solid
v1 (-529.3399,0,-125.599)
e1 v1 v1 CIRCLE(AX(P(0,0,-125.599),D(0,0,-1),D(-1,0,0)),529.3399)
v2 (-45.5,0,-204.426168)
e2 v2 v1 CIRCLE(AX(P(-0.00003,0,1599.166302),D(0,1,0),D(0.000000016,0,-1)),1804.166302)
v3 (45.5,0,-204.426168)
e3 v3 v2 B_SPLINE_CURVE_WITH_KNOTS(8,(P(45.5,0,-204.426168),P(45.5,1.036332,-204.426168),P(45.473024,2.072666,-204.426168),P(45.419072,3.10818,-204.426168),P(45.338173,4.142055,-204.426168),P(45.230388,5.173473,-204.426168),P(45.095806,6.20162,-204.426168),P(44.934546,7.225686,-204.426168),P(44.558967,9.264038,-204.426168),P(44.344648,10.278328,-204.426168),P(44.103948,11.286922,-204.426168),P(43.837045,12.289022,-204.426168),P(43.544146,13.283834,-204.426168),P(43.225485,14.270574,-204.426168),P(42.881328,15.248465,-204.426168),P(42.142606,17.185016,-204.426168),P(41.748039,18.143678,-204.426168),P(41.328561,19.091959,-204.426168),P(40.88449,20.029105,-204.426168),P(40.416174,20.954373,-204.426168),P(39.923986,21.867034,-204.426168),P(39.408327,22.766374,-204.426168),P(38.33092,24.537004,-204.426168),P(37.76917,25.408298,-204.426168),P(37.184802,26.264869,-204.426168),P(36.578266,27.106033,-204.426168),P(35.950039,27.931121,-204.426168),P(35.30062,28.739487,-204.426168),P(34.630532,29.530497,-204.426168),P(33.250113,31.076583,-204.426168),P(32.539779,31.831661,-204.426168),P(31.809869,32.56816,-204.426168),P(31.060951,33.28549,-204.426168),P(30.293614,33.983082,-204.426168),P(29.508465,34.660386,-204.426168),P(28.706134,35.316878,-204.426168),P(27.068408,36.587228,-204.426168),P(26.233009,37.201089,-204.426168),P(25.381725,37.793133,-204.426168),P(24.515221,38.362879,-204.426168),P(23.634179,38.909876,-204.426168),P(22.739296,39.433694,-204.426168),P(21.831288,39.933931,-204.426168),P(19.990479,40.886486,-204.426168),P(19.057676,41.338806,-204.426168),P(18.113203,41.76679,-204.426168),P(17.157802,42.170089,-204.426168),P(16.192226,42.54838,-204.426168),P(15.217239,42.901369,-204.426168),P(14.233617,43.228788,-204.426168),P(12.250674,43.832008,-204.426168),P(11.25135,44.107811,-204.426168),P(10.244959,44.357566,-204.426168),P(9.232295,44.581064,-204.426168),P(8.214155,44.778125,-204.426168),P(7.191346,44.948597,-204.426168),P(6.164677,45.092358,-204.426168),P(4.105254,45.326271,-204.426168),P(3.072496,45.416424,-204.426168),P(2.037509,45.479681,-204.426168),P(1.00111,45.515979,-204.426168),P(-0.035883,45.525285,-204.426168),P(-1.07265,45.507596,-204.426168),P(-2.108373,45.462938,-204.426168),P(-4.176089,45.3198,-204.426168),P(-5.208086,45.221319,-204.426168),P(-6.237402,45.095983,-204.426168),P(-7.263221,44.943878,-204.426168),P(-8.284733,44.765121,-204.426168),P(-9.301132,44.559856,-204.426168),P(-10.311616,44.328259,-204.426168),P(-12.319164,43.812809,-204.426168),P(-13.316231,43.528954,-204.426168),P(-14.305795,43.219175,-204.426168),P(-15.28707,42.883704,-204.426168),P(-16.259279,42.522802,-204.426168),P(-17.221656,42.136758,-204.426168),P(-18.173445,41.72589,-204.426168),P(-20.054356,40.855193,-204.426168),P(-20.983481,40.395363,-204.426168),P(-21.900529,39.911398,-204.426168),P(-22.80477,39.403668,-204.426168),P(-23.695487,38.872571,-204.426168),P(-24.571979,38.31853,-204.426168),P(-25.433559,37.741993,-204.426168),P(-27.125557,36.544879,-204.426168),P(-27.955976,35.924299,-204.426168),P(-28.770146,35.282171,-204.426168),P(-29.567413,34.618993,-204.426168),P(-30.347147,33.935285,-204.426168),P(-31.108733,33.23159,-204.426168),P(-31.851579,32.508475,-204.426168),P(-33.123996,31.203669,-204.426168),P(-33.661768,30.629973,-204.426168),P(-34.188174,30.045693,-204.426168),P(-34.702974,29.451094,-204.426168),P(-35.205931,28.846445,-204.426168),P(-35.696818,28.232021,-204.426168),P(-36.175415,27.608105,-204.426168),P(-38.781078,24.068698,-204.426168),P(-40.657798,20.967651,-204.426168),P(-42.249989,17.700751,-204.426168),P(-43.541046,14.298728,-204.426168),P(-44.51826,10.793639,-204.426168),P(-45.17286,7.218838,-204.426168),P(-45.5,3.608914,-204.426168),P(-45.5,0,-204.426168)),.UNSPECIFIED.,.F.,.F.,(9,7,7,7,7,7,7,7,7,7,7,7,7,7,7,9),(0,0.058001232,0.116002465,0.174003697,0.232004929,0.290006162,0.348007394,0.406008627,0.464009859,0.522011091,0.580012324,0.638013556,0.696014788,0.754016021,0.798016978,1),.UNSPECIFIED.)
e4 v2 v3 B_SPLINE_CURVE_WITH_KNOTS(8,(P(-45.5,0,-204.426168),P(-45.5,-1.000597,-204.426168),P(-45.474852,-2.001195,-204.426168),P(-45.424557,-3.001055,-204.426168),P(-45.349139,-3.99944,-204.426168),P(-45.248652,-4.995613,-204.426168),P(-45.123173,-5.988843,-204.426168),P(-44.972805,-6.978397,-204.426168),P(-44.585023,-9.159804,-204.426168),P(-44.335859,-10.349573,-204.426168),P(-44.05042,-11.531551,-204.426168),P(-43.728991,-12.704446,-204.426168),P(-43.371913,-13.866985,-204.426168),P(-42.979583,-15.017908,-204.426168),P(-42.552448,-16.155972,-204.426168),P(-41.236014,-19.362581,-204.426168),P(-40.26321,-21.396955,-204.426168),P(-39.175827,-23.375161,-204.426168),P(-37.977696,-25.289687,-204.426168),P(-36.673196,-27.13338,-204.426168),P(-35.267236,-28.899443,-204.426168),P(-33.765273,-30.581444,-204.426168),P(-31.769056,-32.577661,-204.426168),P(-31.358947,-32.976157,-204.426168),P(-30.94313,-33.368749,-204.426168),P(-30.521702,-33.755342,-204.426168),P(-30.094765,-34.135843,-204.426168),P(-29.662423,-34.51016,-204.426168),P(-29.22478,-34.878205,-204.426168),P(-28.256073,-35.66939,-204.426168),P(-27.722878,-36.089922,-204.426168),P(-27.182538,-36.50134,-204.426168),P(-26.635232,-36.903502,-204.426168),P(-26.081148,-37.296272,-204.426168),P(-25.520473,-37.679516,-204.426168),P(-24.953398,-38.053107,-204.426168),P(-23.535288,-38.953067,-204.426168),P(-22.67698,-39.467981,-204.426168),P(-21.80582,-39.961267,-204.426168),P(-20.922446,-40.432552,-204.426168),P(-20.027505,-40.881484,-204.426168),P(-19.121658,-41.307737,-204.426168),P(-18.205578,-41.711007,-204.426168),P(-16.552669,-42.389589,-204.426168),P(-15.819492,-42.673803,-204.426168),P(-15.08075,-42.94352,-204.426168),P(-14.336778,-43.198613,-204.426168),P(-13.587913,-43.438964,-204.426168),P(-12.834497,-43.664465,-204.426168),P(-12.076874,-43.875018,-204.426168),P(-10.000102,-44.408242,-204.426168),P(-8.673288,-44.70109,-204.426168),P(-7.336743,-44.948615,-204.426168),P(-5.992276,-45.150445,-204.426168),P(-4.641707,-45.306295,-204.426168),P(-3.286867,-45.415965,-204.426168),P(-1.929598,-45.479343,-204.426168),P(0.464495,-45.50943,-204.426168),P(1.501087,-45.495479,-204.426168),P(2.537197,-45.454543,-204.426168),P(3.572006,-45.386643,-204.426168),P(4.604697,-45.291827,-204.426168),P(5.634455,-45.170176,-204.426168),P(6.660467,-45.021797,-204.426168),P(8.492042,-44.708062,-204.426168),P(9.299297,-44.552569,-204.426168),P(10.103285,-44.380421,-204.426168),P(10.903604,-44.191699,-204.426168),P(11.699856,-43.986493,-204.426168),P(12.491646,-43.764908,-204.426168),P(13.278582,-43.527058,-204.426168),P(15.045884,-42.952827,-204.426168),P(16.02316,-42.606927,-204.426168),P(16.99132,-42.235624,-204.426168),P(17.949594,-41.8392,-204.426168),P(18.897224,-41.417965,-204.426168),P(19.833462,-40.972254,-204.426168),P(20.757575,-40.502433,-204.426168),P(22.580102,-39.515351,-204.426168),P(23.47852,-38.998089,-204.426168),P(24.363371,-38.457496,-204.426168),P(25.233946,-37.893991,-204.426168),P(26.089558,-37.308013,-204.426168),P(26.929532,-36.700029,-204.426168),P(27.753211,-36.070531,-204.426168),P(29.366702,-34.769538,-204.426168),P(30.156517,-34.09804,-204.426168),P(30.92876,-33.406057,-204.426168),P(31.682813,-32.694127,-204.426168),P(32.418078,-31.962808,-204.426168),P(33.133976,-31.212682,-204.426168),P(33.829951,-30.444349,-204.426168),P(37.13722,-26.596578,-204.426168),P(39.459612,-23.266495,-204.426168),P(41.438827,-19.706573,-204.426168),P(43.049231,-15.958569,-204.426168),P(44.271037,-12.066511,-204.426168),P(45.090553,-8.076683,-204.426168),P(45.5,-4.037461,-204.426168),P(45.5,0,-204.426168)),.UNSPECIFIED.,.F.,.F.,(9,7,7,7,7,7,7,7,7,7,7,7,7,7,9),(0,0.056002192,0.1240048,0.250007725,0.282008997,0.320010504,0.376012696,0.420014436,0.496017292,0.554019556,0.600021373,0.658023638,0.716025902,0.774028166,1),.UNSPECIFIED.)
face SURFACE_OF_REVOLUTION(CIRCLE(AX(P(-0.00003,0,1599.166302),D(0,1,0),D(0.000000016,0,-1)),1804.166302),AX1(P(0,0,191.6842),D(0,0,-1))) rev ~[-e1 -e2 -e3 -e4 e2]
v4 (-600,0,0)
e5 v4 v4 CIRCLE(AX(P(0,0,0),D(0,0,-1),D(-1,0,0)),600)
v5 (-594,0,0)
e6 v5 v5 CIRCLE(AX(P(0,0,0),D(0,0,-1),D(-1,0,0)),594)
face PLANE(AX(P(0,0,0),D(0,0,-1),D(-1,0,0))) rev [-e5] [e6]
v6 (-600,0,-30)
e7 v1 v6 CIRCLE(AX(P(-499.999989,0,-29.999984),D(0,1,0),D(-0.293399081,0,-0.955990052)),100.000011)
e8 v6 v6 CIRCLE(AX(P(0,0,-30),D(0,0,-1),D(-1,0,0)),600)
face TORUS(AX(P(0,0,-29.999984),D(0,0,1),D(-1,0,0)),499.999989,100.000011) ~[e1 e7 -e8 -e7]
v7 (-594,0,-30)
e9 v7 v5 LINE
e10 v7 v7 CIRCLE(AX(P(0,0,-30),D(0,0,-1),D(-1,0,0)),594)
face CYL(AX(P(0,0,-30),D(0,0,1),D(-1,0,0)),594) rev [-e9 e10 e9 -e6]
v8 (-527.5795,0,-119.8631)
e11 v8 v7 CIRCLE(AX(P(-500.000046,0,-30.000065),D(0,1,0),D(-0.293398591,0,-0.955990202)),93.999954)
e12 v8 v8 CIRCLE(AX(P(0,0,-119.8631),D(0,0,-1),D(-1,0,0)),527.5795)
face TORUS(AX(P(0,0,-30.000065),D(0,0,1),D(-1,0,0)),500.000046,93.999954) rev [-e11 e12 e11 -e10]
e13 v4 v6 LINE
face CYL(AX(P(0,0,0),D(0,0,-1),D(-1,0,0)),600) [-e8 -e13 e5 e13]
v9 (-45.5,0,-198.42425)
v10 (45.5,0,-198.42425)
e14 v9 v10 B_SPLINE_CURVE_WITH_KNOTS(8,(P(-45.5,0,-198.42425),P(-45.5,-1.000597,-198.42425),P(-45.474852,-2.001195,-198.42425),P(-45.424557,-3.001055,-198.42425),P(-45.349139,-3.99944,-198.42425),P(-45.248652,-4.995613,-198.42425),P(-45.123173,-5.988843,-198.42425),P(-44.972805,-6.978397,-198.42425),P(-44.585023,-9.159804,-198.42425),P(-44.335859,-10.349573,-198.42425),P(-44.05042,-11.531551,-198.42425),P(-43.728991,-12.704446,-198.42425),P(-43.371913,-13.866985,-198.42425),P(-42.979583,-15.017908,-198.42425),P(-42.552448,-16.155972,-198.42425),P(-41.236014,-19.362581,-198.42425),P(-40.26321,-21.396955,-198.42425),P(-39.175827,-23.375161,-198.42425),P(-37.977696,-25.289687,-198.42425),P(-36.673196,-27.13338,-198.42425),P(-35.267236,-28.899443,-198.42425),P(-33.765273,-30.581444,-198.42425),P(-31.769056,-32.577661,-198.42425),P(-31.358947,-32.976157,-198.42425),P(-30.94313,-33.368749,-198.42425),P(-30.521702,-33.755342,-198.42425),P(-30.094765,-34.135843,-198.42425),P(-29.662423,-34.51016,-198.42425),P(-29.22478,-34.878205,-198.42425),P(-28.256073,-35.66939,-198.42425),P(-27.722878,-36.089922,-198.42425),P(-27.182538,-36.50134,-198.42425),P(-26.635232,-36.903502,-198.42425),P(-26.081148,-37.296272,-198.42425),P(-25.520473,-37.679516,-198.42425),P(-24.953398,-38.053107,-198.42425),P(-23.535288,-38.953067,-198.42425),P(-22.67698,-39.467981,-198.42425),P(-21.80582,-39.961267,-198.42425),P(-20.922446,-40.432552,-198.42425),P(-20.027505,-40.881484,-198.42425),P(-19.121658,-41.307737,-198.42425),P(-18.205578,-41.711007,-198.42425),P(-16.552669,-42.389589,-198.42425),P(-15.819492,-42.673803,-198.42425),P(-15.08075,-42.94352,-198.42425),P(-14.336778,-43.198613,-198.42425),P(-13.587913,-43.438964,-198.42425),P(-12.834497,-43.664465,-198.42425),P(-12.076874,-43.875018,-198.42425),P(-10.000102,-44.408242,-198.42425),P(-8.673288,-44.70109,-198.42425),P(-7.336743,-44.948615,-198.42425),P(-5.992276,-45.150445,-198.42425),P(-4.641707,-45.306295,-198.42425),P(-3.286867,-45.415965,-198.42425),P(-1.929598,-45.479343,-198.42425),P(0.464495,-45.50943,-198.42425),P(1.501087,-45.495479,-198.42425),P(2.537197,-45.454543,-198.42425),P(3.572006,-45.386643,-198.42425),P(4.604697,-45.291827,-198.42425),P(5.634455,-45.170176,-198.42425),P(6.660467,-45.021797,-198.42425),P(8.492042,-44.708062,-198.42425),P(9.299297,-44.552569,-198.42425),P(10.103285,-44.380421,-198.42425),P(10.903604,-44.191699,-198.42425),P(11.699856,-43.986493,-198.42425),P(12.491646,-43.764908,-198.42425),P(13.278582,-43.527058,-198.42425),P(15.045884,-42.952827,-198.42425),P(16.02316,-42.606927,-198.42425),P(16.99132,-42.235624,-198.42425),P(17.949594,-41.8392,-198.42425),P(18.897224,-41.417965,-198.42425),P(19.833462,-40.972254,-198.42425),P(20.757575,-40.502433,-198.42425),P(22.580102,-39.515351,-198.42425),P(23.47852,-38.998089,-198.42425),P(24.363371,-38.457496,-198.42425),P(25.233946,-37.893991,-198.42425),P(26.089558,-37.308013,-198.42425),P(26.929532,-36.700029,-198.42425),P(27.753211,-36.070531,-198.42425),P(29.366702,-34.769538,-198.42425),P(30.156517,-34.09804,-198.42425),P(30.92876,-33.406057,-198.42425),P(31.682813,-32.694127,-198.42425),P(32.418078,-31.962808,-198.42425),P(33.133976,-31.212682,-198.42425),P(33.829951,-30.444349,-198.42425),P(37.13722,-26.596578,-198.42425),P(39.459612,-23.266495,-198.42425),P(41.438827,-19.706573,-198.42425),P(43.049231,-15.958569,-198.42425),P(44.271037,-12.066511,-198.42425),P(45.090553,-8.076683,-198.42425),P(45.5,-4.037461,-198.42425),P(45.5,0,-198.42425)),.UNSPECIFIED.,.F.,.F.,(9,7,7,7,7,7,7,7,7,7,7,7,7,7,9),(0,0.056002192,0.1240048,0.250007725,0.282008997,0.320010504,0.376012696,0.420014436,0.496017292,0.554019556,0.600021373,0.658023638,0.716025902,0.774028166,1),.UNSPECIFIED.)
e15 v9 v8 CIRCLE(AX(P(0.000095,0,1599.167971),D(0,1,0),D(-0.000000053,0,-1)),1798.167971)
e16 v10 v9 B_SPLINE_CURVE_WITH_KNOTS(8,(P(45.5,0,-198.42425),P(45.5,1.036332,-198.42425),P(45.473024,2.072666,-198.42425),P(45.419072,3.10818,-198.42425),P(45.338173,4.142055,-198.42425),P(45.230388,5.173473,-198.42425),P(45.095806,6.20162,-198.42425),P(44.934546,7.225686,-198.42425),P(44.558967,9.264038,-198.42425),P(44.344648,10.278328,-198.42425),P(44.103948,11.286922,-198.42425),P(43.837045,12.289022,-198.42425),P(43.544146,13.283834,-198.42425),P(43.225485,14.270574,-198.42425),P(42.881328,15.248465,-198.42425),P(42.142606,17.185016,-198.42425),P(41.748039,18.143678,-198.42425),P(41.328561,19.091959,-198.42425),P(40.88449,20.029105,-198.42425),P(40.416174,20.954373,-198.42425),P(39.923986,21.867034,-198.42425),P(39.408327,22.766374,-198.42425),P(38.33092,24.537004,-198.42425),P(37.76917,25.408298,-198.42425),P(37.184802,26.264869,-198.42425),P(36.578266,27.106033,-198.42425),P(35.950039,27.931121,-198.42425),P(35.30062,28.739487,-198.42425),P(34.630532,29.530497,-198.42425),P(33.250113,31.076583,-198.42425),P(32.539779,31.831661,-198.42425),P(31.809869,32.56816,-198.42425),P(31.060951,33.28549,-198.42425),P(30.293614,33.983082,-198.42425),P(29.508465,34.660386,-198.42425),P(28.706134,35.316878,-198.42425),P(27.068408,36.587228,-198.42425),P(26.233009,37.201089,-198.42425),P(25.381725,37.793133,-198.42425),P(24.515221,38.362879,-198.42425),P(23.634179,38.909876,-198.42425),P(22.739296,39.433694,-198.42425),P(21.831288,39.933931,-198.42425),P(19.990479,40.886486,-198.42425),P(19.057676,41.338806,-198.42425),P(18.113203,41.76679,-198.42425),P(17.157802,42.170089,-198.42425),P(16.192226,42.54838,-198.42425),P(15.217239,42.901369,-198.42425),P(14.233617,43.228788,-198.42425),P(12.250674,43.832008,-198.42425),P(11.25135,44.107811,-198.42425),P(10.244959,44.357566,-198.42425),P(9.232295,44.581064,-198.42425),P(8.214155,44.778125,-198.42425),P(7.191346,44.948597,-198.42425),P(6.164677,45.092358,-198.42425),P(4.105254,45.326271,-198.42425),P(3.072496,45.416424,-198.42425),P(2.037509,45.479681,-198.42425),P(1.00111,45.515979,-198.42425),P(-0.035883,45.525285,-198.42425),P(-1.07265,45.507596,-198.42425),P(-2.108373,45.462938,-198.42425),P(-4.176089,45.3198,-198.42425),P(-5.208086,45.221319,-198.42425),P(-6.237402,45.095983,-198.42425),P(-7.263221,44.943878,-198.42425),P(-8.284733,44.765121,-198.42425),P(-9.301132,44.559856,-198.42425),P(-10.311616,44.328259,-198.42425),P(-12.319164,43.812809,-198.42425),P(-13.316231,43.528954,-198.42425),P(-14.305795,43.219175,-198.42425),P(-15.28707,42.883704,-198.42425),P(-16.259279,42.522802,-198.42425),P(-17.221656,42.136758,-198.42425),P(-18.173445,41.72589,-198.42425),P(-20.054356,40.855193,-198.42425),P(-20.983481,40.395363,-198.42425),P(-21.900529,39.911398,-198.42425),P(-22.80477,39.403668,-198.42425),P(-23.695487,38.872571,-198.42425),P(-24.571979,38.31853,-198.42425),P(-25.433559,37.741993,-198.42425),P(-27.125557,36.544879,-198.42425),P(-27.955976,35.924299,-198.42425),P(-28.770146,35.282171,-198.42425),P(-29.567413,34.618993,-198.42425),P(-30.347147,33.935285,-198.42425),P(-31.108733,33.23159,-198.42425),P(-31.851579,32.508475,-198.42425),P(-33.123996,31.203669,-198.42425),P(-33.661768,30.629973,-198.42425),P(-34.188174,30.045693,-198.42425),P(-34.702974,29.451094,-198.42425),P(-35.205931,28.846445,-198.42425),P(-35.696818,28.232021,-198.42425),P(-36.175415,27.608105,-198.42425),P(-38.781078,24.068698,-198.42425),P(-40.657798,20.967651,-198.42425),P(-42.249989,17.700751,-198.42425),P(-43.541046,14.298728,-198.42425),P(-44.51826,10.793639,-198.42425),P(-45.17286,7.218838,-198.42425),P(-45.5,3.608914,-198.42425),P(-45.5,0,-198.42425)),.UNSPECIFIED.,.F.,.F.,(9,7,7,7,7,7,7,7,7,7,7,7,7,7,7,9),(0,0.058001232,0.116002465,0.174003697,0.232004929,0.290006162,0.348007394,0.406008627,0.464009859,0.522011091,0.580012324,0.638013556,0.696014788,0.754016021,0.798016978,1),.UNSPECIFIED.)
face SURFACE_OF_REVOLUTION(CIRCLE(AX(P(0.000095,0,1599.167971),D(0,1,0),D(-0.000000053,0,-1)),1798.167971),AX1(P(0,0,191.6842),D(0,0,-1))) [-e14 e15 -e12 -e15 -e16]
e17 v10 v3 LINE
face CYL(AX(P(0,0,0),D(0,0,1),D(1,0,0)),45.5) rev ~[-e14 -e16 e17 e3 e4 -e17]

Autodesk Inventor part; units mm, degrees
ref_plane "YZ Plane" through (0, 0, 0) normal (1, 0, 0) x (0, 1, 0)
ref_plane "XZ Plane" through (0, 0, 0) normal (0, 1, 0) x (-1, 0, 0)
ref_plane "XY Plane" through (0, 0, 0) normal (0, 0, 1) x (1, 0, 0)
sketch "Sketch1" plane through (0, 0, 0) normal (0, 1, 0) x (-1, 0, 0)
  line L0 (600, 0) -> (600, -30)
  arc A0 (529.3399, -125.599) -> (600, -30) centre (500, -30) ccw
  arc A1 (0, -205) -> (529.3399, -125.599) centre (0, 1599.1667) ccw
  line L1 (0, 191.6842) -> (0, -191.6842)
  arc A2 (0, -199) -> (527.5795, -119.8631) centre (0, 1599.1667) ccw
  arc A3 (527.5795, -119.8631) -> (594, -30) centre (500, -30) ccw
  line L2 (594, -30) -> (594, 0)
  line L3 (594, 0) -> (600, 0)
  line L4 (0, -199) -> (0, -205)
  point P0 (0, 0)
  point P1 (0, 0)
  point P2 (0, -202)
  point P3 (0, -163.7009)
  point P4 (0, -169.7009)
  dimension "d0" = 100
  dimension "d1" = 30
  dimension "d3" = 1804.1667
  dimension "d6" = 6
  dimension "d11" = 1188
  dimension "d12" = 205
revolve "Revolution1" add sketch "Sketch1" angle 360 about axis through (0, 0, 191.6842) along (0, 0, -1)
sketch "Sketch2" plane through (0, 0, 0) normal (0, 0, 1) x (1, 0, 0)
  circle A0 centre (0, 0) radius 45.5
  dimension "d8" = 91
extrude "Extrusion1" cut sketch "Sketch2" against normal through all
equation "\"d11\" = MAIN_filter_diam"
equation "\"MAIN_filter_diam\" = 1188"
equation "\"Disherd_head_hight\" = d12"
properties part number "PRS 940-02 dished head" material "Steel"
